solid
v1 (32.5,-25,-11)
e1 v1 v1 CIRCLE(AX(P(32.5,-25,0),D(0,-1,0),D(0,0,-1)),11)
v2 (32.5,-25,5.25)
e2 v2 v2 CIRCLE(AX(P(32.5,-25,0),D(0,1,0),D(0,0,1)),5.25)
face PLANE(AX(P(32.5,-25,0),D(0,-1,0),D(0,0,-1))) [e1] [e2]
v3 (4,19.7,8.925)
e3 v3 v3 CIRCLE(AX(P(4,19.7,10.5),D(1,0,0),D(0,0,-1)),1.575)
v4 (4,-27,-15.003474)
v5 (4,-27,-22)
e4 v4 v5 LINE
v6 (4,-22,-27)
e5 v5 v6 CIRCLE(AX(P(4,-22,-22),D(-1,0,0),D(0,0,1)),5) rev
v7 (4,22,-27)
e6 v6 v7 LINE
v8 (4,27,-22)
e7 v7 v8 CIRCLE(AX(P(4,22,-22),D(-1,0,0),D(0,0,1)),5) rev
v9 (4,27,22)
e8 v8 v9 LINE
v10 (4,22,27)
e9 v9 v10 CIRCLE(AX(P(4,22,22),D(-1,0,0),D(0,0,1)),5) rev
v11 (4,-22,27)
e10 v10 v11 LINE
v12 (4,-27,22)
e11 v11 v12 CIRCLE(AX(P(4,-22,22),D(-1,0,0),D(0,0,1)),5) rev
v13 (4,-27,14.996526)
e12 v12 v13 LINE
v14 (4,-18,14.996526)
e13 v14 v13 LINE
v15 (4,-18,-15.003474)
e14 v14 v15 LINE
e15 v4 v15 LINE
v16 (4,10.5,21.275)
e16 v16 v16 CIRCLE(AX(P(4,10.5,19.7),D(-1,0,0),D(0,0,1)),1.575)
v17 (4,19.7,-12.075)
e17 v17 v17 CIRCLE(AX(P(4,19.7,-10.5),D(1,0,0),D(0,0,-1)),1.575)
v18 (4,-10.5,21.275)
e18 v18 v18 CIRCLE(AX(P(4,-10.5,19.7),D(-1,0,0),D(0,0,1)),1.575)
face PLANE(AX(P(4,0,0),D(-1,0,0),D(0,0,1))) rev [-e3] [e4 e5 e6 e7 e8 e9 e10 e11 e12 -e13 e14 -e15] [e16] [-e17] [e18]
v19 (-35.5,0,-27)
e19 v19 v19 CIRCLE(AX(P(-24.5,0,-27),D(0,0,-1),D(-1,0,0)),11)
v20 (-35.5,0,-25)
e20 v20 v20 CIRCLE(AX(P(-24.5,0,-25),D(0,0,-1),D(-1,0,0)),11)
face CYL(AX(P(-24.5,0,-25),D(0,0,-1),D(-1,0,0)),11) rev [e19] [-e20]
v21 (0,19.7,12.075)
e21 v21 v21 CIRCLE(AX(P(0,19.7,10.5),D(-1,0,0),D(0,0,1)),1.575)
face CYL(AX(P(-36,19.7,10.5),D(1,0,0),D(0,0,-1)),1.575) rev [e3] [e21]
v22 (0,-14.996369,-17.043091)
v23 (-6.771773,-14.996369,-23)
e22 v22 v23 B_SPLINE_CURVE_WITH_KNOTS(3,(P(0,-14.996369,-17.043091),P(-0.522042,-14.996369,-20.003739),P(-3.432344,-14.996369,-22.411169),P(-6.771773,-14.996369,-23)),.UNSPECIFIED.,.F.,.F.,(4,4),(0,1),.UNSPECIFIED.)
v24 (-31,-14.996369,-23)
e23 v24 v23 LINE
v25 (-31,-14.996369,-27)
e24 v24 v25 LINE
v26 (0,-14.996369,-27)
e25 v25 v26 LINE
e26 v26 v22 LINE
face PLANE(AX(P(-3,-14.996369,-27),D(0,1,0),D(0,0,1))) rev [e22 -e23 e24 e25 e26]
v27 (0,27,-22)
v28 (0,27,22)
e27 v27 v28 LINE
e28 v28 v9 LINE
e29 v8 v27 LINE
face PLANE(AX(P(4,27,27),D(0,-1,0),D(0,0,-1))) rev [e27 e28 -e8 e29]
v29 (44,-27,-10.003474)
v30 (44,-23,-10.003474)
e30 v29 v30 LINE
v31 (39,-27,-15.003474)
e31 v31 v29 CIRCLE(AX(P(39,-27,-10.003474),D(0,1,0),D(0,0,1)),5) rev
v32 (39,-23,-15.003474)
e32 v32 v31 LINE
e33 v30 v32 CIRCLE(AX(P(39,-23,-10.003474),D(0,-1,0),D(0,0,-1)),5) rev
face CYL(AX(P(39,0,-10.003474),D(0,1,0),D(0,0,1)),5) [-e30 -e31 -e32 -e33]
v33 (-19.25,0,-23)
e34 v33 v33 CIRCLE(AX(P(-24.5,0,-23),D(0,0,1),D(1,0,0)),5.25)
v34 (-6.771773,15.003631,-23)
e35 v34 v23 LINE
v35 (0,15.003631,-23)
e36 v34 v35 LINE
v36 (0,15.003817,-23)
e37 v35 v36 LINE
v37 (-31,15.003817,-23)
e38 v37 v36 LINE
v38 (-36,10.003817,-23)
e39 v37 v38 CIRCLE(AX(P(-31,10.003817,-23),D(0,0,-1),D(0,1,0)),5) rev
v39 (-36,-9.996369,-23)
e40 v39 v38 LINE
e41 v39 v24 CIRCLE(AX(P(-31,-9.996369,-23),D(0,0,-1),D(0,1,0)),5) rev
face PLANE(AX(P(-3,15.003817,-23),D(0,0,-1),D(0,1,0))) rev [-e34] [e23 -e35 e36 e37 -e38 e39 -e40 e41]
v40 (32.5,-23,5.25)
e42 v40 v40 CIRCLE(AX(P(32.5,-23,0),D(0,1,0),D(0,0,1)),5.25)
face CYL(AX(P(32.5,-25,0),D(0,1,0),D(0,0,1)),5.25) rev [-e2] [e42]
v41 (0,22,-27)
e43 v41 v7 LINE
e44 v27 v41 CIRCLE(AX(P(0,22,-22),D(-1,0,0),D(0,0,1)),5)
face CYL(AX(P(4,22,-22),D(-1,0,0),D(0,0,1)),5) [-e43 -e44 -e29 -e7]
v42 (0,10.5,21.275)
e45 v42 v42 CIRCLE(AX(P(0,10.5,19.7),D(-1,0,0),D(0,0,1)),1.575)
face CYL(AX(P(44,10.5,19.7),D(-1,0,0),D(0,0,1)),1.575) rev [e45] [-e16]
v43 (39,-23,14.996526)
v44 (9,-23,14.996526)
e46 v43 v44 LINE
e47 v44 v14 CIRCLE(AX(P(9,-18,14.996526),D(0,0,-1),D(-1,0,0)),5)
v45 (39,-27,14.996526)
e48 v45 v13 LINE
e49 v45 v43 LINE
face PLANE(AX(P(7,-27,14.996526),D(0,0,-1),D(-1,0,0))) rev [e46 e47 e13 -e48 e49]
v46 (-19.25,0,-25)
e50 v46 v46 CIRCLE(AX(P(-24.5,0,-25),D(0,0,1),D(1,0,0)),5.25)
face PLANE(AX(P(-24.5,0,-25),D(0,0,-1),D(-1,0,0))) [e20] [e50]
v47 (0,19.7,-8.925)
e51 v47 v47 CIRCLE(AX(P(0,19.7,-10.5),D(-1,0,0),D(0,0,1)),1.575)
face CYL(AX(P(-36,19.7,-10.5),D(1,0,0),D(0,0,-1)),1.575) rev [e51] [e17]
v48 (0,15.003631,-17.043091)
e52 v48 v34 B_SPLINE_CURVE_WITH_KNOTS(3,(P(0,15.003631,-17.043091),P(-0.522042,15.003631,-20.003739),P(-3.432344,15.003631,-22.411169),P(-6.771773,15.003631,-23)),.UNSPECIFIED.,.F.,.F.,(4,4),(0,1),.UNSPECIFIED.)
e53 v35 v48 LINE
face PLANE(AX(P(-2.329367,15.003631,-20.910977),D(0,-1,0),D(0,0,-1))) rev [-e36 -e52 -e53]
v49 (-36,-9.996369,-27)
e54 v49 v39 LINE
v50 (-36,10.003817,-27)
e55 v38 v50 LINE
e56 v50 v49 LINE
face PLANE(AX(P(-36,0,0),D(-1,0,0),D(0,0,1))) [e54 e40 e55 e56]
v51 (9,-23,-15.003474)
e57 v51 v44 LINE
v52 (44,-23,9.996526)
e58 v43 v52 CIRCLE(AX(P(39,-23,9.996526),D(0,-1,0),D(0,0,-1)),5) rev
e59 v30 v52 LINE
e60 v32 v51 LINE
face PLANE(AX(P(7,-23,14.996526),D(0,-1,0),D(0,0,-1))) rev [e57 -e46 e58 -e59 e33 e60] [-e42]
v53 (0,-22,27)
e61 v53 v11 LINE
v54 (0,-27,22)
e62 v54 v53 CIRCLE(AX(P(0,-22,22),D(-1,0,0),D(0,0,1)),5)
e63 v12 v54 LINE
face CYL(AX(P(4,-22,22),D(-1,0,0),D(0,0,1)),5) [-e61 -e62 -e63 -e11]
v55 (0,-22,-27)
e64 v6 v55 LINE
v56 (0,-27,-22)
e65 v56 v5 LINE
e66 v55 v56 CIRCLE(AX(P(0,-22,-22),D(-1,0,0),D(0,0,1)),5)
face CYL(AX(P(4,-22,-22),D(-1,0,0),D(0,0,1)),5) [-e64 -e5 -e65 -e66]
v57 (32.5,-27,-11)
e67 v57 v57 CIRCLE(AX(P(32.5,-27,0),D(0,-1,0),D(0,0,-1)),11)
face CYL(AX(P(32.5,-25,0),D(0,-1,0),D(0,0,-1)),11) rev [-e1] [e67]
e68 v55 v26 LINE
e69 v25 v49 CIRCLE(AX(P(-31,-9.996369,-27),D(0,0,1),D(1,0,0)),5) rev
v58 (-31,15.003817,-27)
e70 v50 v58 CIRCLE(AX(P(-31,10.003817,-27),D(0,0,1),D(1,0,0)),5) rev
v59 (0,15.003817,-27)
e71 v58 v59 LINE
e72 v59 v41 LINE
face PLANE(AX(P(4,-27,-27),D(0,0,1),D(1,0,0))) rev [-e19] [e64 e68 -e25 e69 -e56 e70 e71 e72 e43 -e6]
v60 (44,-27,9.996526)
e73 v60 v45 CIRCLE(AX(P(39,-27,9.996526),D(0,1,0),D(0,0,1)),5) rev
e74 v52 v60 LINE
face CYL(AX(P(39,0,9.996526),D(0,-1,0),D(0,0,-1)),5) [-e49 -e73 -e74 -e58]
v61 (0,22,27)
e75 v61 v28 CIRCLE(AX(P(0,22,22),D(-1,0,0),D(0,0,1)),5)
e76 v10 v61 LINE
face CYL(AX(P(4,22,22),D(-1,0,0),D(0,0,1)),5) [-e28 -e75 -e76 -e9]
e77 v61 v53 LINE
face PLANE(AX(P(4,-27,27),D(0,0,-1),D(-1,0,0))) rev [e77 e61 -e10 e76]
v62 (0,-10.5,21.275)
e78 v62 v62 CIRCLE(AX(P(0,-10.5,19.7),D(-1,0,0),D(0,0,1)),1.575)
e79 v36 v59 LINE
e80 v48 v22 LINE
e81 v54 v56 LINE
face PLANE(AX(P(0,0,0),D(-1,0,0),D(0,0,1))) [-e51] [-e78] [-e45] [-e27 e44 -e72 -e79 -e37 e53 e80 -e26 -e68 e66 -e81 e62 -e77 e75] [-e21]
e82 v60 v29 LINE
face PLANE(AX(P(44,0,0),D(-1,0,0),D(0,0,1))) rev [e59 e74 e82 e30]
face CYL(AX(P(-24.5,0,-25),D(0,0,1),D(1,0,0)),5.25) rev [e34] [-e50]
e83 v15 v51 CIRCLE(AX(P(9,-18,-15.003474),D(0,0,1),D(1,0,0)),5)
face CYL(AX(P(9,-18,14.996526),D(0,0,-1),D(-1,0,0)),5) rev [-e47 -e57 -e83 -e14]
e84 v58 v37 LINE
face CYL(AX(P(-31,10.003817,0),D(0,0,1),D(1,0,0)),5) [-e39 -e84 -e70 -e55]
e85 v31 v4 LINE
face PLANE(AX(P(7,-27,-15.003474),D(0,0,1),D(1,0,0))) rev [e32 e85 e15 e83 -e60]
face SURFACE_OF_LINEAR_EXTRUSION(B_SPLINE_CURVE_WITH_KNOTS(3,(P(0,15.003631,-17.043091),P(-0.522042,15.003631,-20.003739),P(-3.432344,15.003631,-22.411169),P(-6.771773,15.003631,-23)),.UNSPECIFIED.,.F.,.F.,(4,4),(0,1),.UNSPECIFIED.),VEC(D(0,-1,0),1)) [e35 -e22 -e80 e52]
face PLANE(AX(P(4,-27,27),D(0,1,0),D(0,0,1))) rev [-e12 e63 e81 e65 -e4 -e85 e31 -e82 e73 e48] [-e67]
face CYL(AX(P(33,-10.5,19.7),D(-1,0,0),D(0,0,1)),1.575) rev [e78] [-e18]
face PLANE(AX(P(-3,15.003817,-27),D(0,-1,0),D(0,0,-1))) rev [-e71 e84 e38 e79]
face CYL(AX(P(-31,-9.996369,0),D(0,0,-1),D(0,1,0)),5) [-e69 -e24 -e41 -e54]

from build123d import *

# Parameters (mm, degrees)
SKETCH1_W            = 54
SKETCH1_H            = 54
BOSS_EXTRUDE1_DEPTH  = 4
FILLET1_R            = 5
SKETCH2_W            = 30
SKETCH2_H            = 4
BOSS_EXTRUDE2_DEPTH  = 3
SKETCH3_W            = 30
SKETCH3_H            = 4
BOSS_EXTRUDE3_DEPTH  = 37
SKETCH4_W            = 4
SKETCH4_H            = 30.000186299
BOSS_EXTRUDE6_DEPTH  = 3
SKETCH6_W            = 4
SKETCH6_H            = 30.000186299
BOSS_EXTRUDE7_DEPTH  = 33
FILLET2_R            = 5
SKETCH7_R            = 1.25
CUT_EXTRUDE1_DEPTH   = 75.706090782
SKETCH8_R            = 1.25
CUT_EXTRUDE2_DEPTH   = 75.706090782
SKETCH9_R            = 1.575
CUT_EXTRUDE3_DEPTH   = 56.299186251
SKETCH10_R           = 1.575
CUT_EXTRUDE4_DEPTH   = 56.299186251
FILLET6_R            = 5
SKETCH11_R           = 1.575
CUT_EXTRUDE5_DEPTH   = 59.258046655
SKETCH12_R           = 1.575
CUT_EXTRUDE6_DEPTH   = 33
BOSS_EXTRUDE10_DEPTH = 30
SKETCH15_R           = 11
CUT_EXTRUDE7_DEPTH   = 2
SKETCH16_R           = 5.25
CUT_EXTRUDE8_DEPTH   = 2
SKETCH17_R           = 11
CUT_EXTRUDE9_DEPTH   = 2
SKETCH18_R           = 5.25
CUT_EXTRUDE10_DEPTH  = 2


with BuildPart() as part:
    # Sketch1 → Boss-Extrude1 (new body)
    with BuildSketch(Plane(origin=(0, 0, 0), x_dir=(0, 0, -1), z_dir=(1, 0, 0))):
        Rectangle(SKETCH1_W, SKETCH1_H)
    extrude(amount=BOSS_EXTRUDE1_DEPTH)

    # Fillet1
    fillet1_edges = [part.edges().sort_by_distance(p)[0] for p in [
        (2, -27, -27),
        (2, -27, 27),
        (2, 27, 27),
        (2, 27, -27),
    ]]
    fillet(fillet1_edges, radius=FILLET1_R)

    # Sketch2 → Boss-Extrude2 (add)
    with BuildSketch(Plane(origin=(4, 0, 0), x_dir=(0, 0, -1), z_dir=(1, 0, 0))):
        with Locations((0.003473607, -25)):
            Rectangle(SKETCH2_W, SKETCH2_H)
    extrude(amount=BOSS_EXTRUDE2_DEPTH)

    # Sketch3 → Boss-Extrude3 (add)
    with BuildSketch(Plane(origin=(7, 0, 0), x_dir=(0, 0, -1), z_dir=(1, 0, 0))):
        with Locations((0.003473607, -25)):
            Rectangle(SKETCH3_W, SKETCH3_H)
    extrude(amount=BOSS_EXTRUDE3_DEPTH)

    # Sketch4 → Boss-Extrude6 (add)
    with BuildSketch(Plane.ZY):
        with Locations((-25, 0.003724222)):
            Rectangle(SKETCH4_W, SKETCH4_H)
    extrude(amount=BOSS_EXTRUDE6_DEPTH)

    # Sketch6 → Boss-Extrude7 (add)
    with BuildSketch(Plane.ZY.offset(3)):
        with Locations((-25, 0.003724222)):
            Rectangle(SKETCH6_W, SKETCH6_H)
    extrude(amount=BOSS_EXTRUDE7_DEPTH)

    # Fillet2
    fillet2_edges = [part.edges().sort_by_distance(p)[0] for p in [
        (44, -25, 14.996526393),
        (44, -25, -15.003473607),
        (-36, -14.996368927, -25),
        (-36, 15.003817372, -25),
    ]]
    fillet(fillet2_edges, radius=FILLET2_R)

    # Sketch7 → Cut-Extrude1 (cut, through all)
    with BuildSketch(Plane(origin=(0, 0, -27), x_dir=(-1, 0, 0), z_dir=(0, 0, -1))):
        with Locations((24.5, 0)):
            Circle(SKETCH7_R)
    extrude(amount=-CUT_EXTRUDE1_DEPTH, mode=Mode.SUBTRACT)

    # Sketch8 → Cut-Extrude2 (cut, through all)
    with BuildSketch(Plane(origin=(0, -27, 0), x_dir=(-1, 0, 0), z_dir=(0, -1, 0))):
        with Locations(Location((-32.5, 0, 0), (0, 0, 90))):
            Circle(SKETCH8_R)
    extrude(amount=-CUT_EXTRUDE2_DEPTH, mode=Mode.SUBTRACT)

    # Sketch9 → Cut-Extrude3 (cut, through all)
    with BuildSketch(Plane(origin=(4, 0, 0), x_dir=(0, 0, -1), z_dir=(1, 0, 0))):
        with Locations((-10.5, 19.7)):
            Circle(SKETCH9_R)
    extrude(amount=-CUT_EXTRUDE3_DEPTH, mode=Mode.SUBTRACT)

    # Sketch10 → Cut-Extrude4 (cut, through all)
    with BuildSketch(Plane(origin=(4, 0, 0), x_dir=(0, 0, -1), z_dir=(1, 0, 0))):
        with Locations((10.5, 19.7)):
            Circle(SKETCH10_R)
    extrude(amount=-CUT_EXTRUDE4_DEPTH, mode=Mode.SUBTRACT)

    # Fillet6
    fillet6_edges = [part.edges().sort_by_distance(p)[0] for p in [
        (4, -23, -0.003473607),
    ]]
    fillet(fillet6_edges, radius=FILLET6_R)

    # Sketch11 → Cut-Extrude5 (cut, through all)
    with BuildSketch(Plane.ZY):
        with Locations((19.7, 10.5)):
            Circle(SKETCH11_R)
    extrude(amount=-CUT_EXTRUDE5_DEPTH, mode=Mode.SUBTRACT)

    # Sketch12 → Cut-Extrude6 (cut)
    with BuildSketch(Plane.ZY):
        with Locations((19.7, -10.5)):
            Circle(SKETCH12_R)
    extrude(amount=-CUT_EXTRUDE6_DEPTH, mode=Mode.SUBTRACT)

    # Sketch14 → Boss-Extrude10 (add)
    with BuildSketch(Plane(origin=(0, -14.996368927, 0), x_dir=(-1, 0, 0), z_dir=(0, -1, 0))):
        with BuildLine():
            Line((6.771773058, 23), (0, 23))
            Line((0, 23), (0, 17.043091053))
            add(Edge.make_bspline(
                [(0, 17.043091053), (0.522042102, 20.003738935), (3.432344379, 22.411168624), (6.771773058, 23)],
                knots=[0, 0, 0, 0, 1, 1, 1, 1], degree=3))
        make_face()
    extrude(amount=-BOSS_EXTRUDE10_DEPTH)

    # Sketch15 → Cut-Extrude7 (cut)
    with BuildSketch(Plane(origin=(0, -27, 0), x_dir=(-1, 0, 0), z_dir=(0, -1, 0))):
        with Locations(Location((-32.5, 0, 0), (0, 0, 90))):
            Circle(SKETCH15_R)
    extrude(amount=-CUT_EXTRUDE7_DEPTH, mode=Mode.SUBTRACT)

    # Sketch16 → Cut-Extrude8 (cut)
    with BuildSketch(Plane(origin=(0, -23, 0), x_dir=(1, 0, 0), z_dir=(0, 1, 0))):
        with Locations(Location((32.5, 0, 0), (0, 0, 270))):
            Circle(SKETCH16_R)
    extrude(amount=-CUT_EXTRUDE8_DEPTH, mode=Mode.SUBTRACT)

    # Sketch17 → Cut-Extrude9 (cut)
    with BuildSketch(Plane(origin=(0, 0, -27), x_dir=(-1, 0, 0), z_dir=(0, 0, -1))):
        with Locations((24.5, 0)):
            Circle(SKETCH17_R)
    extrude(amount=-CUT_EXTRUDE9_DEPTH, mode=Mode.SUBTRACT)

    # Sketch18 → Cut-Extrude10 (cut)
    with BuildSketch(Plane.XY.offset(-23)):
        with Locations((-24.5, 0)):
            Circle(SKETCH18_R)
    extrude(amount=-CUT_EXTRUDE10_DEPTH, mode=Mode.SUBTRACT)


solid = part.part
